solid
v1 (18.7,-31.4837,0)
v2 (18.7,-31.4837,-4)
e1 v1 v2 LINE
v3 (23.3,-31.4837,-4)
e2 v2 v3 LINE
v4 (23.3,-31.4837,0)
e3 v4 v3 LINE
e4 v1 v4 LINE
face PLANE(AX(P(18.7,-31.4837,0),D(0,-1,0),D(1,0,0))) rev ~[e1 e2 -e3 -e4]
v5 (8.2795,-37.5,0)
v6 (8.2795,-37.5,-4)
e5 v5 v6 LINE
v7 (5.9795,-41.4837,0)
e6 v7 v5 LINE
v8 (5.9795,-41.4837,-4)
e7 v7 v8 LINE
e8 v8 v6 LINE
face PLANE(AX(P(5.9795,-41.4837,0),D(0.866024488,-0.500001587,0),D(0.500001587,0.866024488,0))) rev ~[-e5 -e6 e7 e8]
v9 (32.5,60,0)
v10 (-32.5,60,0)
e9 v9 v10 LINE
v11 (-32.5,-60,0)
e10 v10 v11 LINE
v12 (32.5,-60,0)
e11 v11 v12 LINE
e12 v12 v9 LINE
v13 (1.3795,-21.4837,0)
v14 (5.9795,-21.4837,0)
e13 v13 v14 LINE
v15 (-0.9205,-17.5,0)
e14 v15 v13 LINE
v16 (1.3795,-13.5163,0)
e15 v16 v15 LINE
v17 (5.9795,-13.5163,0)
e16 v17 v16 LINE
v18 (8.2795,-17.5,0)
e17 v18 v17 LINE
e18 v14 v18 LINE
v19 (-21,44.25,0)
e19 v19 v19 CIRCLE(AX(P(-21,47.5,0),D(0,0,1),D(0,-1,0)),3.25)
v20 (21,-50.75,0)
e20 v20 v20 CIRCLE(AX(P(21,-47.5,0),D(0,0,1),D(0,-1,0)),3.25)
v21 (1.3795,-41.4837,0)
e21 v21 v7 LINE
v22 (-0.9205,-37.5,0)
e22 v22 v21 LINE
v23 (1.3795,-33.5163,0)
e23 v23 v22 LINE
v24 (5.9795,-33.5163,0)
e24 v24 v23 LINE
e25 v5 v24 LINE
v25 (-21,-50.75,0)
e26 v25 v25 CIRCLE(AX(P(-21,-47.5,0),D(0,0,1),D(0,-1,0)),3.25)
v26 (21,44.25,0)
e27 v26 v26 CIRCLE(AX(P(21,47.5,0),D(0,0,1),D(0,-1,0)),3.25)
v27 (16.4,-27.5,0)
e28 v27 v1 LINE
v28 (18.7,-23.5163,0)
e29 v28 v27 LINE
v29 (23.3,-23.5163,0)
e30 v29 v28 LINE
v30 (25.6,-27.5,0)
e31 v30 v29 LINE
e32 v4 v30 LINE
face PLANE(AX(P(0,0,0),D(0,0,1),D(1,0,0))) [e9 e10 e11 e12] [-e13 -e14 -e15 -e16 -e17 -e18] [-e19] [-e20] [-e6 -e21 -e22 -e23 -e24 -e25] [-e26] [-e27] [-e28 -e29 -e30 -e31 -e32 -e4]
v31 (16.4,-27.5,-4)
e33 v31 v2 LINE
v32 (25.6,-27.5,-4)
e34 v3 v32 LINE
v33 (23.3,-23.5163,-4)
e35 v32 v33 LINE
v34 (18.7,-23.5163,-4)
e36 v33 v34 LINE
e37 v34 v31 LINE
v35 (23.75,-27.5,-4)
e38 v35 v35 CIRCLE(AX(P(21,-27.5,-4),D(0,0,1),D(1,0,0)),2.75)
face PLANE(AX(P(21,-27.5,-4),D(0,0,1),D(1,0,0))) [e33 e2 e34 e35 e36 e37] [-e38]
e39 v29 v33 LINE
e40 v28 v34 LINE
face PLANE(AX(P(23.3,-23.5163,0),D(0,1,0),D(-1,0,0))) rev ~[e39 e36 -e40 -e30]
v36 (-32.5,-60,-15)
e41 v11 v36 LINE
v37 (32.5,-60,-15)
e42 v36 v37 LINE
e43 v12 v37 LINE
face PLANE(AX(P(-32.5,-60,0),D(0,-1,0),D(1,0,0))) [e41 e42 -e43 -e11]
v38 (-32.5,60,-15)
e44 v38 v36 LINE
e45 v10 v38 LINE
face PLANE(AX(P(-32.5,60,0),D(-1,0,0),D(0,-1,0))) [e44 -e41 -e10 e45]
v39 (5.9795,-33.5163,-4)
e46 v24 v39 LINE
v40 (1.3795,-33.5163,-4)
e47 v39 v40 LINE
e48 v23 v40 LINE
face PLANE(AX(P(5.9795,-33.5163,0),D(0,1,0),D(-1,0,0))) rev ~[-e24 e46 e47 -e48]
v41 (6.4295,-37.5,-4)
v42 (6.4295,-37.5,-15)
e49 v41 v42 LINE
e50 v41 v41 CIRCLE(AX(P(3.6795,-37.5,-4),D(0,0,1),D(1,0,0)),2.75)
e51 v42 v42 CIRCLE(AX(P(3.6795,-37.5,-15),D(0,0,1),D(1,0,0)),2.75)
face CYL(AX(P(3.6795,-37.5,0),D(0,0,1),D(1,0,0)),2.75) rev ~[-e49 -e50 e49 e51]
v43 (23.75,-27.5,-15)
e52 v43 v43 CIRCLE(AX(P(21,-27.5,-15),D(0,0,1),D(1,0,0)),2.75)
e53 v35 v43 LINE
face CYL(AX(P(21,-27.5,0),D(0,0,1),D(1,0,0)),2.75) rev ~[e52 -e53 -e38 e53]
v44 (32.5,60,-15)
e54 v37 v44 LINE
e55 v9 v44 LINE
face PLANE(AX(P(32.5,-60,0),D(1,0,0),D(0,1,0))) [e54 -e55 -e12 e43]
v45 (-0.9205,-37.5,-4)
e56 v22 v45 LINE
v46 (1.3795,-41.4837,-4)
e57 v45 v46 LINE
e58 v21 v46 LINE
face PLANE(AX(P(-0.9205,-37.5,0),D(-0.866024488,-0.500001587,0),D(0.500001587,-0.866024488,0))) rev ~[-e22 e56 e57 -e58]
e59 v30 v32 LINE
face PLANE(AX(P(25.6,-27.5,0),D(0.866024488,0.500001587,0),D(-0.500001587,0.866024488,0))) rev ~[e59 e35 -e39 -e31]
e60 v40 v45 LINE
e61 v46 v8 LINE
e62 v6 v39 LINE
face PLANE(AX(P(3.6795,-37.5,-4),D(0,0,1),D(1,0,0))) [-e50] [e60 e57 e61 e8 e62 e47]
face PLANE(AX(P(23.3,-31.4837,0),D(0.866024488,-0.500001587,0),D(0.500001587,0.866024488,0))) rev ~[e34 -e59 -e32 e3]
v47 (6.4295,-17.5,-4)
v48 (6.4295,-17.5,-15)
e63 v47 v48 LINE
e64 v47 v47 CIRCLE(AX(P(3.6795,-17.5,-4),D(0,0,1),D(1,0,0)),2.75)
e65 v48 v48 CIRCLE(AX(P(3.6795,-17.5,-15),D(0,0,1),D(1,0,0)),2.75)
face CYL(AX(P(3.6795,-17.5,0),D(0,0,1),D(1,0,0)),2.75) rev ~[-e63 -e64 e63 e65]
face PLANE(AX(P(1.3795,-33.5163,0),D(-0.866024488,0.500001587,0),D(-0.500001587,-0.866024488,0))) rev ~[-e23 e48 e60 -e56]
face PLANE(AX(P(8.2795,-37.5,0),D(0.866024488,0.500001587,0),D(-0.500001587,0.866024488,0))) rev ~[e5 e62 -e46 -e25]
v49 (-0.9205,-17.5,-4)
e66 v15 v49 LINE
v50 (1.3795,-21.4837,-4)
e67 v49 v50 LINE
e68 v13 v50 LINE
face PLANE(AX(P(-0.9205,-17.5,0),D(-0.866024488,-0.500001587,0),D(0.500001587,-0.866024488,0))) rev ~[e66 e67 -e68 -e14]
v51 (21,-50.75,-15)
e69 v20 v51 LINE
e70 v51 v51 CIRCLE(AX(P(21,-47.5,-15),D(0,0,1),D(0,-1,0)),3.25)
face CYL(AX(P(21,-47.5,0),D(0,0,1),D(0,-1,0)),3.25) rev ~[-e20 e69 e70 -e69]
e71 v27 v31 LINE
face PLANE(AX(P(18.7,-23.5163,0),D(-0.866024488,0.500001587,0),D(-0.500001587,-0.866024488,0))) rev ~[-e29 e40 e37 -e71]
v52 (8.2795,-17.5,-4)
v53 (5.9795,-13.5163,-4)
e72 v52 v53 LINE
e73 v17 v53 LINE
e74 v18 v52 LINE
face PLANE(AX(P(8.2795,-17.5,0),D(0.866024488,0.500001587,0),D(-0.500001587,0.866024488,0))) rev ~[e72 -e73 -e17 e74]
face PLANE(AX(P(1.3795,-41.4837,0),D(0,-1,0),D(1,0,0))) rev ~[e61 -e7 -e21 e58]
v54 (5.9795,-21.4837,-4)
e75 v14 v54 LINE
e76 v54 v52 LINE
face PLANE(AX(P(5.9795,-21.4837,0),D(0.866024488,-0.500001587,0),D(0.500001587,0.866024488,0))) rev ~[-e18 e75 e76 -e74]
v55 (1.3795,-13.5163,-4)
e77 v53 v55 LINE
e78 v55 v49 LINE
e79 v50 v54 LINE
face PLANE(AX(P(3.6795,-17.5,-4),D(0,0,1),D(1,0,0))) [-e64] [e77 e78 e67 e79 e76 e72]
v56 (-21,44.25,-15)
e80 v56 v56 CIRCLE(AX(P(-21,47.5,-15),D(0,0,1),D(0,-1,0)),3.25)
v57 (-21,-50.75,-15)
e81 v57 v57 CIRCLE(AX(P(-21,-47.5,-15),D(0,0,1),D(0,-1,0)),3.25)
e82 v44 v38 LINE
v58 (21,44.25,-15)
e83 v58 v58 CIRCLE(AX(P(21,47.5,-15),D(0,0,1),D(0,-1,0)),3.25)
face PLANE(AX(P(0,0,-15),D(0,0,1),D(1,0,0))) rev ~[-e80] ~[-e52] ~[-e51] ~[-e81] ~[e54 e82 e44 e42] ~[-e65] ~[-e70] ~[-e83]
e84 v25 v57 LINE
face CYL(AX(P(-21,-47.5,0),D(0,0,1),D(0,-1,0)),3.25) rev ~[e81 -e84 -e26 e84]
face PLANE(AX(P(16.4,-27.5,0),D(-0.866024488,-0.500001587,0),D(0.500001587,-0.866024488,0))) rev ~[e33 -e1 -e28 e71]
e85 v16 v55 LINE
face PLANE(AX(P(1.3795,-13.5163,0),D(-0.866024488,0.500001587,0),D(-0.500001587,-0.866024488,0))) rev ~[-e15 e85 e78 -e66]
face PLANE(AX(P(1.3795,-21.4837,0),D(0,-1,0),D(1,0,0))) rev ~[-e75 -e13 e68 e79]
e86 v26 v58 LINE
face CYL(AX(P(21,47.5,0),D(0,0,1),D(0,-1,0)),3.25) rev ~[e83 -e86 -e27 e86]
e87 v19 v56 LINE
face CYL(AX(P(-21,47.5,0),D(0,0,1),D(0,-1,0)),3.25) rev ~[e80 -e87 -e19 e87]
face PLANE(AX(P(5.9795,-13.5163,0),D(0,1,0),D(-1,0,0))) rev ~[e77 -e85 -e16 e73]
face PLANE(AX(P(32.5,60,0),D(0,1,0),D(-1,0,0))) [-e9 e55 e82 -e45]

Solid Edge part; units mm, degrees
sketch "Sketch1" plane through (0, 0, 0) normal (0, 0, 1) x (1, 0, 0)
  line L0 (32.5, 60) -> (-32.5, 60)
  line L1 (-32.5, 60) -> (-32.5, -60)
  line L2 (-32.5, -60) -> (32.5, -60)
  line L3 (32.5, -60) -> (32.5, 60)
extrude "Protrusion1" add sketch "Sketch1" against normal blind 15
sketch "Sketch2" plane through (0, 0, 0) normal (0, 0, 1) x (0, -1, 0)
  circle A0 centre (-47.5, 21) radius 3.25
  circle A1 centre (-47.5, -21) radius 3.25
  circle A2 centre (47.5, 21) radius 3.25
  circle A3 centre (47.5, -21) radius 3.25
  dimension "D1" = 6.5
extrude "ExtrudedCutout_1" cut sketch "Sketch2" against normal blind 309.8
sketch "Sketch3" plane through (0, 0, 0) normal (0, 0, 1) x (1, 0, 0)
  line L0 (8.2795, -37.5) -> (5.9795, -33.5163)
  line L1 (5.9795, -33.5163) -> (1.3795, -33.5163)
  line L2 (1.3795, -33.5163) -> (-0.9205, -37.5)
  line L3 (-0.9205, -37.5) -> (1.3795, -41.4837)
  line L4 (1.3795, -41.4837) -> (5.9795, -41.4837)
  line L5 (5.9795, -41.4837) -> (8.2795, -37.5)
  line L6 (18.7, -23.5163) -> (16.4, -27.5)
  line L7 (16.4, -27.5) -> (18.7, -31.4837)
  line L8 (18.7, -31.4837) -> (23.3, -31.4837)
  line L9 (23.3, -31.4837) -> (25.6, -27.5)
  line L10 (25.6, -27.5) -> (23.3, -23.5163)
  line L11 (23.3, -23.5163) -> (18.7, -23.5163)
  line L12 (5.9795, -21.4837) -> (8.2795, -17.5)
  line L13 (8.2795, -17.5) -> (5.9795, -13.5163)
  line L14 (5.9795, -13.5163) -> (1.3795, -13.5163)
  line L15 (1.3795, -13.5163) -> (-0.9205, -17.5)
  line L16 (-0.9205, -17.5) -> (1.3795, -21.4837)
  line L17 (1.3795, -21.4837) -> (5.9795, -21.4837)
  dimension "D1" = 40
  dimension "D2" = 5.5
  dimension "D3" = 5.5
  dimension "D4" = 20
  dimension "D5" = 20
  dimension "D6" = 20
  dimension "D7" = 5.5
extrude "ExtrudedCutout_2" cut sketch "Sketch3" against normal blind 4
sketch "Sketch4" plane through (0, 0, 0) normal (0, 0, 1) x (1, 0, 0)
  circle A0 centre (3.6795, -17.5) radius 2.75
  circle A1 centre (21, -27.5) radius 2.75
  circle A2 centre (3.6795, -37.5) radius 2.75
  dimension "D1" = 40
  dimension "D2" = 5.5
  dimension "D3" = 5.5
  dimension "D4" = 20
  dimension "D5" = 20
  dimension "D6" = 20
  dimension "D7" = 5.5
extrude "ExtrudedCutout_3" cut sketch "Sketch4" against normal blind 54.7
